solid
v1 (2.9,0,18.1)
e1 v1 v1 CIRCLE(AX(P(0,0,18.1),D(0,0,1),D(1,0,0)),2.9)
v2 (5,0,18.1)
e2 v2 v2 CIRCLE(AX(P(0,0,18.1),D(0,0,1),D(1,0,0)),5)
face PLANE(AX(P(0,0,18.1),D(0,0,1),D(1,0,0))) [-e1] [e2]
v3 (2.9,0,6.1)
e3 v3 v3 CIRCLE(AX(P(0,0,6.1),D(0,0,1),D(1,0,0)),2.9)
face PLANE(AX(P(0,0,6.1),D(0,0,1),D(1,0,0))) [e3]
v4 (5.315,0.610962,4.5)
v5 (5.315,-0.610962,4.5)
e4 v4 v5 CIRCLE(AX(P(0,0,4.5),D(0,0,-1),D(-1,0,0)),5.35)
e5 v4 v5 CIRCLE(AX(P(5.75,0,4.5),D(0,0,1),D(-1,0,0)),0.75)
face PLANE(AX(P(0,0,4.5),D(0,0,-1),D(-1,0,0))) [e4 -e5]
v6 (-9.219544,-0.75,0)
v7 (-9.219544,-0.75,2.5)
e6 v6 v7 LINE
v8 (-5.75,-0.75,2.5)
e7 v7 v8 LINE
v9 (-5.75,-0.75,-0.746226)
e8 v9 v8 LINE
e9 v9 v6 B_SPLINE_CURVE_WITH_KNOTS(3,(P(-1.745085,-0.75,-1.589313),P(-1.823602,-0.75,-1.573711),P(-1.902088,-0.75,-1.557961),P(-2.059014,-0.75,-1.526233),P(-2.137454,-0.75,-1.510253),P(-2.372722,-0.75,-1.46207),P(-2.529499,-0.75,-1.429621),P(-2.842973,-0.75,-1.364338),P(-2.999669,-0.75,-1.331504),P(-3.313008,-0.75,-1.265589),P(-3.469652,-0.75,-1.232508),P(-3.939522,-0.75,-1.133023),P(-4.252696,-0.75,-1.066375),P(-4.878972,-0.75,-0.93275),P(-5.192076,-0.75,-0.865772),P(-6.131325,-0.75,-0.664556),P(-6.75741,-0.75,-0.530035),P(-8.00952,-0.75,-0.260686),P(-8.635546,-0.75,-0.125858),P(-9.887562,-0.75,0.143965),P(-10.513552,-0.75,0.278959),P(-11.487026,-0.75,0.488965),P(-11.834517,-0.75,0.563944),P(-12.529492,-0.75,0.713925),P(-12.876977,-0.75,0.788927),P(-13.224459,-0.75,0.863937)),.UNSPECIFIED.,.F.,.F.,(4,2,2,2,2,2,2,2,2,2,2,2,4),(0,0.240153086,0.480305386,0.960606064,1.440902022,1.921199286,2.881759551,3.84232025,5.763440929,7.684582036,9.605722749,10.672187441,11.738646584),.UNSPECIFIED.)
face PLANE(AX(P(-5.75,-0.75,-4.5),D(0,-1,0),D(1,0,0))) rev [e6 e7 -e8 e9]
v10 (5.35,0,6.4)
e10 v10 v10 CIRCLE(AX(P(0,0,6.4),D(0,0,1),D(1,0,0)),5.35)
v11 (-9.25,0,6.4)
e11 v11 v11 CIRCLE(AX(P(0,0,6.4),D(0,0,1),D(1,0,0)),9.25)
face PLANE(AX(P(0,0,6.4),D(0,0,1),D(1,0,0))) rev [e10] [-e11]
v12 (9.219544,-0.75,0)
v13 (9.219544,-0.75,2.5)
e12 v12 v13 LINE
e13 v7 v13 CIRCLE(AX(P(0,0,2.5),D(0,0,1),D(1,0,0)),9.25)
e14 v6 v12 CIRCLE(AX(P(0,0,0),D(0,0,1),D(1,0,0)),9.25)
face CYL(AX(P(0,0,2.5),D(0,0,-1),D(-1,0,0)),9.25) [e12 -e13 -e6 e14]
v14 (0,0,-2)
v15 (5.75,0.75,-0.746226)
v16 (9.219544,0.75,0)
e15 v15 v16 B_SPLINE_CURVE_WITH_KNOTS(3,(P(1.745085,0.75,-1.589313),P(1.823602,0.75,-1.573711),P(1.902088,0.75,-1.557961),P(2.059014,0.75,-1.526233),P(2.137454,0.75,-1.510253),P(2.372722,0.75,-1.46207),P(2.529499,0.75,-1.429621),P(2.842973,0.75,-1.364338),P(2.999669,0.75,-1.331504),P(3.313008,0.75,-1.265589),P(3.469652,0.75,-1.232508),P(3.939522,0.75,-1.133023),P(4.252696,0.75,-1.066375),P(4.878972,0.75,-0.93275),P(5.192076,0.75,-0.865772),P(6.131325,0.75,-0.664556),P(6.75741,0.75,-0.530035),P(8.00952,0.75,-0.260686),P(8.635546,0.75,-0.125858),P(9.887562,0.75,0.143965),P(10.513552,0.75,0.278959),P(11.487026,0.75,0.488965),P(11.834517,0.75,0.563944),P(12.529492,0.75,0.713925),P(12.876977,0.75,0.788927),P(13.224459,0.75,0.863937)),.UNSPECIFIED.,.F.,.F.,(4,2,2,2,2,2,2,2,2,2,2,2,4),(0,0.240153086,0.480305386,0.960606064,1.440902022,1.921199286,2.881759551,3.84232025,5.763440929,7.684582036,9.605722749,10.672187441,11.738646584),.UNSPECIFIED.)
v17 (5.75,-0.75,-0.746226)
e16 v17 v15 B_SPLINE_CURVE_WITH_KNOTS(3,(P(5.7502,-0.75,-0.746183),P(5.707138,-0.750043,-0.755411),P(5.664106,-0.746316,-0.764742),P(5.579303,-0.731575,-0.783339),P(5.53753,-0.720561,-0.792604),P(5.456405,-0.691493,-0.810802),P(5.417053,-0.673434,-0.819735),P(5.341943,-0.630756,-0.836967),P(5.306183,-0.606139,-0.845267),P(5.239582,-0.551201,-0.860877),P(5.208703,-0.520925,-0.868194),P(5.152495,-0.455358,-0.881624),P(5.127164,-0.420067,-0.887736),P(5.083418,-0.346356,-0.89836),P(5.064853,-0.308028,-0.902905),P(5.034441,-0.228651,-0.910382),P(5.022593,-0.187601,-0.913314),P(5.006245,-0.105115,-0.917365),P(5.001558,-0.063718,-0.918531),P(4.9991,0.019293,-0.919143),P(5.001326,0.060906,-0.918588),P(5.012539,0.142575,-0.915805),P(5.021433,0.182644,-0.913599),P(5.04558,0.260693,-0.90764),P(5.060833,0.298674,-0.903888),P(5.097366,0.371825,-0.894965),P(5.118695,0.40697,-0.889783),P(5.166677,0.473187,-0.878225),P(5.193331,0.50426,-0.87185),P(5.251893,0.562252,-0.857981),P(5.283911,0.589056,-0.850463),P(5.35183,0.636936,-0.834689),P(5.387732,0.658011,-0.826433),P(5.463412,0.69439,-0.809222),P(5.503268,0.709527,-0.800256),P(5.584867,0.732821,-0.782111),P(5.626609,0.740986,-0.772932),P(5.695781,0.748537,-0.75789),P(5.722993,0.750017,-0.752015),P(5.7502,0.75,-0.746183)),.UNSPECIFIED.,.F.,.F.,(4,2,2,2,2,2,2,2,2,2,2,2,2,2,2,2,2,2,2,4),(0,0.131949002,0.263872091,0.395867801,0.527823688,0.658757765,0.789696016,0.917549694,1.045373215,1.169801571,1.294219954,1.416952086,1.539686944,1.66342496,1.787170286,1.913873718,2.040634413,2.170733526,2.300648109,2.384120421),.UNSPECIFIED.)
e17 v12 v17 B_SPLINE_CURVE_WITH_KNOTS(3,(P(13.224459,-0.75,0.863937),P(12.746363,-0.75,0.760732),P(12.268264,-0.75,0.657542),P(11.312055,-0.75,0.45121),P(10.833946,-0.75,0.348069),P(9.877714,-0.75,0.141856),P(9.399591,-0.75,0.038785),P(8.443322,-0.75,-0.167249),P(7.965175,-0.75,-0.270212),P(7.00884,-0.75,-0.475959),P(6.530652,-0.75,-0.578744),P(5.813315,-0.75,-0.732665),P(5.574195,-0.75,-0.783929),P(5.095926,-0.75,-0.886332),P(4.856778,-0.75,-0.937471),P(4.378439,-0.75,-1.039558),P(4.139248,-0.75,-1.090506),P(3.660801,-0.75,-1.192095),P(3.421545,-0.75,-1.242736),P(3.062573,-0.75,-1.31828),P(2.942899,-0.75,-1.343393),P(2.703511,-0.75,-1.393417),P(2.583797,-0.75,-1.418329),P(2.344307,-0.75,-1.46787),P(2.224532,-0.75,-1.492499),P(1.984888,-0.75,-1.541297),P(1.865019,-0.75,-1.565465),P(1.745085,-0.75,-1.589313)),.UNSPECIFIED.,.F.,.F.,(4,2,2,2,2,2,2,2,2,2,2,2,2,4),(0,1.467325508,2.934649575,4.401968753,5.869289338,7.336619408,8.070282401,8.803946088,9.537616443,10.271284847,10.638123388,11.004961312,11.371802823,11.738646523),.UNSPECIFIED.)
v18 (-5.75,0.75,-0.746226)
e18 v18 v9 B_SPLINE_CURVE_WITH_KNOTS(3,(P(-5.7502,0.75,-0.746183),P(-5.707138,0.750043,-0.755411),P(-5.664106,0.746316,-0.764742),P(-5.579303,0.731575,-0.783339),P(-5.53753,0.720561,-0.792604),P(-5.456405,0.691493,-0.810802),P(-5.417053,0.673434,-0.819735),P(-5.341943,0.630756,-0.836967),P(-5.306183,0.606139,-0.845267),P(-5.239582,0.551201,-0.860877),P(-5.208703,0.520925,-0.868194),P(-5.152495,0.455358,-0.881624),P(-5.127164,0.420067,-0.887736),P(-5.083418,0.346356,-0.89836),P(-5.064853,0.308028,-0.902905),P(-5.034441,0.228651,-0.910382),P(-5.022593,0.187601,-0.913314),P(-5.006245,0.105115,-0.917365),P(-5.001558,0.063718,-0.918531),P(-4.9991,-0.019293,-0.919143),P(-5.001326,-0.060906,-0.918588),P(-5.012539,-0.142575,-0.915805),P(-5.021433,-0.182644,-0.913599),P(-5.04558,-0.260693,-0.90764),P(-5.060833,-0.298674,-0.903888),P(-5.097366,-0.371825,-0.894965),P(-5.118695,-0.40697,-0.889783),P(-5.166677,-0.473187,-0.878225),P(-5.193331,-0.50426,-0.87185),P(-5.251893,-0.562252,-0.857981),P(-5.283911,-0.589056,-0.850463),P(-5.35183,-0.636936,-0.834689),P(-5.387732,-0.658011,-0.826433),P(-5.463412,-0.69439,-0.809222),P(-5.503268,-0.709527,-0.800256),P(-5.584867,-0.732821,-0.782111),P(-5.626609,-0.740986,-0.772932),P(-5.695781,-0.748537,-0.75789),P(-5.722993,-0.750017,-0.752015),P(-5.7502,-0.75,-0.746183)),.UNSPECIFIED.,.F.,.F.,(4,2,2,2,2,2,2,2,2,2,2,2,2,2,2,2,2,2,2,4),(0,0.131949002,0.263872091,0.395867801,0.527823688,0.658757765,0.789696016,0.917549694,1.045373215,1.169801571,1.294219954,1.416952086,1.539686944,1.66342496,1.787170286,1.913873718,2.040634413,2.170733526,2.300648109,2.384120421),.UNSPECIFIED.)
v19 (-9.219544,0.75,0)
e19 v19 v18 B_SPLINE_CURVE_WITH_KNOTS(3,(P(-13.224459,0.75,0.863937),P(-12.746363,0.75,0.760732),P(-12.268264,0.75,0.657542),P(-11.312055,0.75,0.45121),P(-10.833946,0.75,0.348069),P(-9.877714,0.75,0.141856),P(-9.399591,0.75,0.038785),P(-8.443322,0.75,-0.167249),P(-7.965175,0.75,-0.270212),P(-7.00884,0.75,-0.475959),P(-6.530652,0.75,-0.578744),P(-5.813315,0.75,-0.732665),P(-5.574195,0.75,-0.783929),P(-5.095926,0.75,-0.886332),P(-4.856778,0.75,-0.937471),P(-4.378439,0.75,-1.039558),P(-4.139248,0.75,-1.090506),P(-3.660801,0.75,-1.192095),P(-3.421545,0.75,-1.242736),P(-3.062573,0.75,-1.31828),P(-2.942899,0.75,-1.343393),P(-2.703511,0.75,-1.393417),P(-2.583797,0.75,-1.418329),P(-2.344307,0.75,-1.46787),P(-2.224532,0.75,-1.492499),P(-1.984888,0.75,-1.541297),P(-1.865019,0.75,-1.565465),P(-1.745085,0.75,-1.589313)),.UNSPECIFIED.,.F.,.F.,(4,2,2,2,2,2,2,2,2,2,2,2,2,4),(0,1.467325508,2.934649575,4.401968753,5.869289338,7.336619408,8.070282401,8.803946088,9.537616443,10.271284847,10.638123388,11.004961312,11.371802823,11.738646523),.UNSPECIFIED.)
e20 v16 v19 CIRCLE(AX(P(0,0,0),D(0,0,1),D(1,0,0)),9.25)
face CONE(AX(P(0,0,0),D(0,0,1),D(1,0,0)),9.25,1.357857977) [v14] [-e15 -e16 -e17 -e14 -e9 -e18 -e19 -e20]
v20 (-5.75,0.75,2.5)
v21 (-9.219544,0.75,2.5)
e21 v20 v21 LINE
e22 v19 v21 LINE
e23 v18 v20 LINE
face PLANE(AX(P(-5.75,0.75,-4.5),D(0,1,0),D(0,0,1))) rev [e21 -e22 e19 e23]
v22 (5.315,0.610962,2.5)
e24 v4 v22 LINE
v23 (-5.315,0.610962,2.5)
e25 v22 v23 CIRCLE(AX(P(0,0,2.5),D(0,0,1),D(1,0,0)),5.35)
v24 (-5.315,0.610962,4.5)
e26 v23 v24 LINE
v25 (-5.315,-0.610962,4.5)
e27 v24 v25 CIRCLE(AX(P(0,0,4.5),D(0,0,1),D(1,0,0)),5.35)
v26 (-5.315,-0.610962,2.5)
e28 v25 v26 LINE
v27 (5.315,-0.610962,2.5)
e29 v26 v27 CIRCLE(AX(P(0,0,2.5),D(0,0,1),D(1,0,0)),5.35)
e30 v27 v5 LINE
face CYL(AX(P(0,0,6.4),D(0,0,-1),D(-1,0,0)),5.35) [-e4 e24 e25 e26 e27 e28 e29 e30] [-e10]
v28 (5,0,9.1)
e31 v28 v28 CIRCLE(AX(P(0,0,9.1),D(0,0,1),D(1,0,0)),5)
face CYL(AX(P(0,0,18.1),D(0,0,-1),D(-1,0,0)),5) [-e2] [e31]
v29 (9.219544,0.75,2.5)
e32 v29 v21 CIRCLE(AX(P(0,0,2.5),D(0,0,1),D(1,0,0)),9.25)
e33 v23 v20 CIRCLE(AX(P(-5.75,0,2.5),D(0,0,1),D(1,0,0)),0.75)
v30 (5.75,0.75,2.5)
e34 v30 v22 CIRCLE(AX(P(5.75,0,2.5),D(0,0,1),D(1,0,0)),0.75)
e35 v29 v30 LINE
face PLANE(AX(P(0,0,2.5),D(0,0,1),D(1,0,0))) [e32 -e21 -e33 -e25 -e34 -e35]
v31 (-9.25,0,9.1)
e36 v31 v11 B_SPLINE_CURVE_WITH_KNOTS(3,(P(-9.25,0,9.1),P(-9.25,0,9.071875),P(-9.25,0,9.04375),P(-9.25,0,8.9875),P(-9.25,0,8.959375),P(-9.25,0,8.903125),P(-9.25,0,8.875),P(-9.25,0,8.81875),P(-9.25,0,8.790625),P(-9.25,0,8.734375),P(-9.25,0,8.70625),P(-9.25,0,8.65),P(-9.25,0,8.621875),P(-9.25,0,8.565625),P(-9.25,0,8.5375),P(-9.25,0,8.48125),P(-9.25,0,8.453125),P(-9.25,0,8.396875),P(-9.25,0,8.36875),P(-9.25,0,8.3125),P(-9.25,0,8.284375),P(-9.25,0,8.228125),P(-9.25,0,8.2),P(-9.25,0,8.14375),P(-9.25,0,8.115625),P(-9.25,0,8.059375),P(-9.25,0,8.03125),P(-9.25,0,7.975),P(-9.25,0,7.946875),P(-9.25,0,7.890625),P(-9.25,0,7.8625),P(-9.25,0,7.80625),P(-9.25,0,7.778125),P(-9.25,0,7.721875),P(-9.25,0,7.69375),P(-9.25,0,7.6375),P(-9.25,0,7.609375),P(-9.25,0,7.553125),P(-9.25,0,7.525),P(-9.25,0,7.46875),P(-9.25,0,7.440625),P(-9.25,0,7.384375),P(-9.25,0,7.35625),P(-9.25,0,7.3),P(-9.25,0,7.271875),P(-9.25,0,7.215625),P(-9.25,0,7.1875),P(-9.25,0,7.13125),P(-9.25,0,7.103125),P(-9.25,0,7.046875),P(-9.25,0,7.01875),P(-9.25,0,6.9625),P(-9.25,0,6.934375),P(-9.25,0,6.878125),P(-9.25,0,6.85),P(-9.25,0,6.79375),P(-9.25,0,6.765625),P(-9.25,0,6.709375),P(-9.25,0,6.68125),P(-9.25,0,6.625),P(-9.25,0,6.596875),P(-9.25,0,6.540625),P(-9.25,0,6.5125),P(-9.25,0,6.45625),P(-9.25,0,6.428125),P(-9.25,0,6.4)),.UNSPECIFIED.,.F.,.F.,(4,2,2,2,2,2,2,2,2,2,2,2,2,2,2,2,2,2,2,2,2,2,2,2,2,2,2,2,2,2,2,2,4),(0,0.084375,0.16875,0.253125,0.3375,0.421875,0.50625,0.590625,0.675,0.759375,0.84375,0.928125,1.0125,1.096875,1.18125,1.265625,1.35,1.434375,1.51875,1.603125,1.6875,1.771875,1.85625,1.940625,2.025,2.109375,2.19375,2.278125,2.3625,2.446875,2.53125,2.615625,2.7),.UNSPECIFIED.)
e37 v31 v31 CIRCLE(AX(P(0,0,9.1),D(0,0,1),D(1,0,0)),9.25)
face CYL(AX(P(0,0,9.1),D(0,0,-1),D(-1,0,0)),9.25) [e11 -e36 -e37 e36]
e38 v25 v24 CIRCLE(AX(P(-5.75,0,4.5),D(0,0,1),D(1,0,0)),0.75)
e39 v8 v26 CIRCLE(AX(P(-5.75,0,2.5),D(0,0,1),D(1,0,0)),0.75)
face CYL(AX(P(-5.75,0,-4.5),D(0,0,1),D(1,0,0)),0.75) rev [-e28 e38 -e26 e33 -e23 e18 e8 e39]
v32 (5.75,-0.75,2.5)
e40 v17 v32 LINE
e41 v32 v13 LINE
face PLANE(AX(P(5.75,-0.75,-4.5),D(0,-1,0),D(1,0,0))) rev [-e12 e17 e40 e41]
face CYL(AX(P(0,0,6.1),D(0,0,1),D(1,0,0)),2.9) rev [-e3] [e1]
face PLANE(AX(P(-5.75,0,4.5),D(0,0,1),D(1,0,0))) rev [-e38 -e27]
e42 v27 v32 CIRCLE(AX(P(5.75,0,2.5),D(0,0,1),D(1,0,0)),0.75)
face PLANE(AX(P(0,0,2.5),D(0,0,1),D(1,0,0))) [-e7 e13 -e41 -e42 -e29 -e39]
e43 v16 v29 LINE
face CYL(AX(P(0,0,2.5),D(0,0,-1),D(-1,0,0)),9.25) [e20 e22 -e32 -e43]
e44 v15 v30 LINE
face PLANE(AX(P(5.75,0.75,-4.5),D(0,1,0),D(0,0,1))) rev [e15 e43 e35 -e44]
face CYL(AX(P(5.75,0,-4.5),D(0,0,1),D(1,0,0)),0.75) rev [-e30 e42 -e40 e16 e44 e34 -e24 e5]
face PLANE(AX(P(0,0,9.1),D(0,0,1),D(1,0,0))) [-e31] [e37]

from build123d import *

# Parameters (mm, degrees)
SKETCH1_R           = 9.25
BOSS_EXTRUDE1_DEPTH = 2.5
SKETCH2_R           = 5.35
BOSS_EXTRUDE2_DEPTH = 3.9
SKETCH3_R           = 9.25
BOSS_EXTRUDE3_DEPTH = 2.7
SKETCH4_R           = 5
BOSS_EXTRUDE4_DEPTH = 9
CUT_EXTRUDE1_DEPTH  = 4.5
SKETCH8_R           = 2.9
CUT_EXTRUDE2_DEPTH  = 12


with BuildPart() as part:
    # Sketch1 → Boss-Extrude1 (new body)
    with BuildSketch(Plane.XY):
        Circle(SKETCH1_R)
    extrude(amount=BOSS_EXTRUDE1_DEPTH)

    # Sketch2 → Boss-Extrude2 (add)
    with BuildSketch(Plane.XY.offset(2.5)):
        Circle(SKETCH2_R)
    extrude(amount=BOSS_EXTRUDE2_DEPTH)

    # Sketch3 → Boss-Extrude3 (add)
    with BuildSketch(Plane.XY.offset(6.4)):
        Circle(SKETCH3_R)
    extrude(amount=BOSS_EXTRUDE3_DEPTH)

    # Sketch4 → Boss-Extrude4 (add)
    with BuildSketch(Plane.XY.offset(9.1)):
        Circle(SKETCH4_R)
    extrude(amount=BOSS_EXTRUDE4_DEPTH)

    # Sketch6 → Revolve1 (revolve)
    with BuildSketch(Plane(origin=(0, 0, 0), x_dir=(1, 0, 0), z_dir=(0, 1, 0)), mode=Mode.PRIVATE) as revolve1_sk:
        Polygon((0, 0), (0, 2), (9.25, 0), align=None)
    revolve(revolve1_sk.sketch.rotate(Axis((0, 0, 0), (0, 0, -1)), 180), axis=Axis((0, 0, 0), (0, 0, -1)))

    # Sketch7 → Cut-Extrude1 (cut, symmetric)
    with BuildSketch(Plane.XY):
        with BuildLine():
            Line((-5.75, 0.75), (-9.219544457, 0.75))
            ThreePointArc((-9.219544457, 0.75), (-9.25, 0), (-9.219544457, -0.75))
            Line((-9.219544457, -0.75), (-5.75, -0.75))
            ThreePointArc((-5.75, -0.75), (-5, 0), (-5.75, 0.75))
        make_face()
        with BuildLine():
            Line((5.75, -0.75), (9.219544457, -0.75))
            ThreePointArc((9.219544457, -0.75), (9.25, 0), (9.219544457, 0.75))
            Line((9.219544457, 0.75), (5.75, 0.75))
            ThreePointArc((5.75, 0.75), (5, 0), (5.75, -0.75))
        make_face()
    extrude(amount=CUT_EXTRUDE1_DEPTH, both=True, mode=Mode.SUBTRACT)

    # Sketch8 → Cut-Extrude2 (cut)
    with BuildSketch(Plane.XY.offset(18.1)):
        Circle(SKETCH8_R)
    extrude(amount=-CUT_EXTRUDE2_DEPTH, mode=Mode.SUBTRACT)


solid = part.part
